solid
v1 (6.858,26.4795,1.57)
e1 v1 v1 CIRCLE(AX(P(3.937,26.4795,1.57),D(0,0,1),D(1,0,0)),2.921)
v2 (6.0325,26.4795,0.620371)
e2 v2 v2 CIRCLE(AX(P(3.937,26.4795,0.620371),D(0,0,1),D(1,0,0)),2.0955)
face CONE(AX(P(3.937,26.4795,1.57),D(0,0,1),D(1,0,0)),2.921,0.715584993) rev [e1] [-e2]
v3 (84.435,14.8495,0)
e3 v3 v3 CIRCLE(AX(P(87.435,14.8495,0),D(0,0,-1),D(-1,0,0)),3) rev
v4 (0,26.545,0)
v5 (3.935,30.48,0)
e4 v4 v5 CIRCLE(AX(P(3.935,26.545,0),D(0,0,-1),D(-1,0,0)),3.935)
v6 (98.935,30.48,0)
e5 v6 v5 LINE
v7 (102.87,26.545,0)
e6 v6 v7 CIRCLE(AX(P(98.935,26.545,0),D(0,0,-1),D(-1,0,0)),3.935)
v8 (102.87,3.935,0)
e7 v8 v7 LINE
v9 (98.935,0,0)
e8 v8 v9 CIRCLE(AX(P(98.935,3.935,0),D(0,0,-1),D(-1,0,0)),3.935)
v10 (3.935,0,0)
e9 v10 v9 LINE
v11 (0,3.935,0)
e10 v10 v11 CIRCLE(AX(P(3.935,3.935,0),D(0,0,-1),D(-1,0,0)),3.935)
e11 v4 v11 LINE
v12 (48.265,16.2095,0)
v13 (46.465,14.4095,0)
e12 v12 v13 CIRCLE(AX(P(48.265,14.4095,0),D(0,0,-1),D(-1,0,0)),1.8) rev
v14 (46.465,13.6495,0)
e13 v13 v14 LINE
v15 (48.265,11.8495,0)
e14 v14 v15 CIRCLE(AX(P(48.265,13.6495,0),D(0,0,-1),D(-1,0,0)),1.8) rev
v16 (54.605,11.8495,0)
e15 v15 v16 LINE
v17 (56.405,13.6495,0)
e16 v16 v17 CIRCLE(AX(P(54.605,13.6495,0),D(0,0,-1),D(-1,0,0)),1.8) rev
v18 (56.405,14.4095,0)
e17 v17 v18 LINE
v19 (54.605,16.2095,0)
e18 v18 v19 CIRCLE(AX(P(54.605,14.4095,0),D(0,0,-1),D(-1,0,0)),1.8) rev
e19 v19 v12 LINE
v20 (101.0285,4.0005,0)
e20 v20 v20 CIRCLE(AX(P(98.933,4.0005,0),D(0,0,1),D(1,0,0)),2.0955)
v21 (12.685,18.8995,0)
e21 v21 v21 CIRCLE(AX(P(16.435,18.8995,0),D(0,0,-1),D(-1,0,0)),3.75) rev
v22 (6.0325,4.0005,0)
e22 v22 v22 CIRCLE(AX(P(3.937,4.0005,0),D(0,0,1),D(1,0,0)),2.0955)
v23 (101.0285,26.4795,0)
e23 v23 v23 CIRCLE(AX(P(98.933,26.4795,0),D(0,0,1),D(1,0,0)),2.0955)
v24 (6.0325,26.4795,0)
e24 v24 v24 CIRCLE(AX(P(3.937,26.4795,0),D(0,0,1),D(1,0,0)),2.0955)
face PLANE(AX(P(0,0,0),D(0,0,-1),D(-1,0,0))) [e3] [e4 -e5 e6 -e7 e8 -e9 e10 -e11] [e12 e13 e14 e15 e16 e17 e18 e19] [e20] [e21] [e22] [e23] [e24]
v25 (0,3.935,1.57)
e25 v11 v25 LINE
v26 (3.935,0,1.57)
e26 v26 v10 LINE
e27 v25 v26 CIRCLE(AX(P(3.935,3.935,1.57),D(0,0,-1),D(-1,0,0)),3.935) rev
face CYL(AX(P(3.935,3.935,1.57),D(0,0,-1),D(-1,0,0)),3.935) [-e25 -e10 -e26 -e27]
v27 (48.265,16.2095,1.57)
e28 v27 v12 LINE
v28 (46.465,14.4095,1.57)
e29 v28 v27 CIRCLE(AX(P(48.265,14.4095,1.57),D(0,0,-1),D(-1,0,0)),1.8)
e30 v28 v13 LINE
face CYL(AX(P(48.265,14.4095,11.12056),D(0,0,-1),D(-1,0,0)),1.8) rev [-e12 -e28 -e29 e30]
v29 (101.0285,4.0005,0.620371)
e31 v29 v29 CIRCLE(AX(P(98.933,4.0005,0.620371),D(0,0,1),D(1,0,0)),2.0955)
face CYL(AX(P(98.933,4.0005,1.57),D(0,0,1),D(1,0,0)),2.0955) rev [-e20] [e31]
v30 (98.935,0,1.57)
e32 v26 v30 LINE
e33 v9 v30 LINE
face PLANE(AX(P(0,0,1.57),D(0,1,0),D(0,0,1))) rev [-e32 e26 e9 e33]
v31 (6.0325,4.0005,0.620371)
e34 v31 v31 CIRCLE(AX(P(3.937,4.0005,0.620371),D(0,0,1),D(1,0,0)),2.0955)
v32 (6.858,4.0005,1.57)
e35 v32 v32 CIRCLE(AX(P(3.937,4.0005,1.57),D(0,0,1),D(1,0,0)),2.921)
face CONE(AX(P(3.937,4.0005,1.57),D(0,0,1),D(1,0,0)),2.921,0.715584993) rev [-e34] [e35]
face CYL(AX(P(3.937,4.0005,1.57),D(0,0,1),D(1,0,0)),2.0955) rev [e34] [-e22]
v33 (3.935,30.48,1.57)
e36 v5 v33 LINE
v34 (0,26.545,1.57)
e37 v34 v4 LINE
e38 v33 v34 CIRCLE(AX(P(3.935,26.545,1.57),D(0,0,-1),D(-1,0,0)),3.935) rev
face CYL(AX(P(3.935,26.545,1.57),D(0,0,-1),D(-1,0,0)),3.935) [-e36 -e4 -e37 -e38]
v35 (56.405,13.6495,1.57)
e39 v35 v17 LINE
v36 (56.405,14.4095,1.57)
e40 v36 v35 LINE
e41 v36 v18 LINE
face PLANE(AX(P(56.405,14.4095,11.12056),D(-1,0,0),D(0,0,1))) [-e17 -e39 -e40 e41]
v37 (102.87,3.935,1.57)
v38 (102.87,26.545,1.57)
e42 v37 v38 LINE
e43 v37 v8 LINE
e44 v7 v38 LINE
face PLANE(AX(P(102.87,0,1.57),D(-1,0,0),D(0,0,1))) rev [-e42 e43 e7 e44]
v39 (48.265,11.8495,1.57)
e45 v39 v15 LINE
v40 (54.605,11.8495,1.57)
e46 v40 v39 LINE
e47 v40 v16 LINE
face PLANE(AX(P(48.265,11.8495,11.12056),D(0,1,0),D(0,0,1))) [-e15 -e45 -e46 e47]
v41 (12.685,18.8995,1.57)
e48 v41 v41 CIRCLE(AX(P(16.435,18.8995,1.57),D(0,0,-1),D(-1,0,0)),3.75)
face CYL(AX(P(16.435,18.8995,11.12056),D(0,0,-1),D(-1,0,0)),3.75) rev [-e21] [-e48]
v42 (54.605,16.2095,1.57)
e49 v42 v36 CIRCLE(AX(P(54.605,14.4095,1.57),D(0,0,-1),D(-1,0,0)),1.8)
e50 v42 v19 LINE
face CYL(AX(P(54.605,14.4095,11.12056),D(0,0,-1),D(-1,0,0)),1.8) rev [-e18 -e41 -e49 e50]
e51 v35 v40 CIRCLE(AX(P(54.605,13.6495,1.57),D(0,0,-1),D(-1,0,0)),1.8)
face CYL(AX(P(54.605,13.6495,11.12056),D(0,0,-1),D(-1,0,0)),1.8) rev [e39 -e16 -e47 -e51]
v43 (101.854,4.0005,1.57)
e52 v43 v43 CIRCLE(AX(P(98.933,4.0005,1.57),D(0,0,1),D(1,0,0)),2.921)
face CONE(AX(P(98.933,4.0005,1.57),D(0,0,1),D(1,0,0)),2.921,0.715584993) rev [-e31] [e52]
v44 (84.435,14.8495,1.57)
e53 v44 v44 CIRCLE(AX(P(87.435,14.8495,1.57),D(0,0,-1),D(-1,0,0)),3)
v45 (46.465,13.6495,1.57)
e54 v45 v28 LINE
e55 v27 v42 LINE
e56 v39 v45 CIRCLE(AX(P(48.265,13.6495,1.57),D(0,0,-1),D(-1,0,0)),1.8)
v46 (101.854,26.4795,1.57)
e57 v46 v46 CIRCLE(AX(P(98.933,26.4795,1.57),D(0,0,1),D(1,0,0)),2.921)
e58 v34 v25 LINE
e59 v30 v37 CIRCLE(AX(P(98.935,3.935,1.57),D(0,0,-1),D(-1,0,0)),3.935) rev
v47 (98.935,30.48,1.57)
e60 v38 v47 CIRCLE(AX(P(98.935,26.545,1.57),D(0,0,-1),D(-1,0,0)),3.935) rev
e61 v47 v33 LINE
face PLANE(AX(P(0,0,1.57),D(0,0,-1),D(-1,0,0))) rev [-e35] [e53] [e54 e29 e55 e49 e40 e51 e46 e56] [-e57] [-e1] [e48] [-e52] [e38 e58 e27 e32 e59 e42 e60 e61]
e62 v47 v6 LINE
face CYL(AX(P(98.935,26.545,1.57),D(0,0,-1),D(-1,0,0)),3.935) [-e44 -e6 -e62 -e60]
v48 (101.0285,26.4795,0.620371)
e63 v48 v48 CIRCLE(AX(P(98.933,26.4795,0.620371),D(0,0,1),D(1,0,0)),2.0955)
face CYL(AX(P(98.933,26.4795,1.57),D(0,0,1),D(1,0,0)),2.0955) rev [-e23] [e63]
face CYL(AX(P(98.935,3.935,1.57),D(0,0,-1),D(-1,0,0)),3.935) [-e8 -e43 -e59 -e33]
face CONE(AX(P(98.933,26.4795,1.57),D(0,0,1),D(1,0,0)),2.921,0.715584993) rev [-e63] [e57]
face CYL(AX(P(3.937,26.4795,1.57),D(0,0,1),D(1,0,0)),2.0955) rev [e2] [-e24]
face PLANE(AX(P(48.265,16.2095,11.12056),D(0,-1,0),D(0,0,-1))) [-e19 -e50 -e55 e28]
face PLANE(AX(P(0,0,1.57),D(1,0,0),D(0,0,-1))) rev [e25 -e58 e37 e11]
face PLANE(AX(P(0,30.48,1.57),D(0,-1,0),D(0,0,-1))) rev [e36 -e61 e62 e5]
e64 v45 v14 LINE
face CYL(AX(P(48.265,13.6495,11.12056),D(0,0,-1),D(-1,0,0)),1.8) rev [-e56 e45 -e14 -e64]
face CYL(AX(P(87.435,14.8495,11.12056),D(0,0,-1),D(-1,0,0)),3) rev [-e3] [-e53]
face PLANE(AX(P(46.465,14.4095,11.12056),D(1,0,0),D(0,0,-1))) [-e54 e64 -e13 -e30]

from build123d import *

# Parameters (mm, degrees)
SKETCH1_W                                     = 102.87
SKETCH1_H                                     = 30.48
BOSS_EXTRUDE1_DEPTH                           = 1.57
FILLET1_R                                     = 3.935
CSK_FOR_6_FLAT_HEAD_MACHINE_SCREW1_AT_2_COUNT = 2
CSK_FOR_6_FLAT_HEAD_MACHINE_SCREW1_AT_2_PITCH = 22.479
CSK_FOR_6_FLAT_HEAD_MACHINE_SCREW1_AT_3_COUNT = 2
CSK_FOR_6_FLAT_HEAD_MACHINE_SCREW1_AT_3_PITCH = 94.996
CSK_FOR_6_FLAT_HEAD_MACHINE_SCREW1_AT_4_COUNT = 2
CSK_FOR_6_FLAT_HEAD_MACHINE_SCREW1_AT_4_PITCH = 97.619390784
DATA_SIDE_R                                   = 3.25
DATA_SIDE_R_2                                 = 2.5
CUT_EXTRUDE9_DEPTH                            = 1.57
MOVE_FACE4_BY                                 = 0.5
MOVE_FACE4_2_BY                               = 0.5
MOVE_FACE4_3_BY                               = 0.5
MOVE_FACE4_4_BY                               = 0.5
MOVE_FACE4_5_BY                               = 0.5
MOVE_FACE4_6_BY                               = 0.5
MOVE_FACE4_7_BY                               = 0.5
MOVE_FACE4_8_BY                               = 0.5
MOVE_FACE4_9_BY                               = 0.5
MOVE_FACE4_10_BY                              = 0.5


with BuildPart() as part:
    # Sketch1 → Boss-Extrude1 (new body)
    with BuildSketch(Plane.XY):
        with Locations((51.435, 15.24)):
            Rectangle(SKETCH1_W, SKETCH1_H)
    extrude(amount=BOSS_EXTRUDE1_DEPTH)

    # Fillet1
    fillet1_edges = [part.edges().sort_by_distance(p)[0] for p in [
        (0, 30.48, 0.785),
        (102.87, 30.48, 0.785),
        (102.87, 0, 0.785),
        (0, 0, 0.785),
    ]]
    fillet(fillet1_edges, radius=FILLET1_R)

    # Sketch4 → CSK for #6 Flat Head Machine Screw1 (revolve, cut)
    with BuildSketch(Plane(origin=(3.937, 26.4795, 1.57), x_dir=(0, -1, 0), z_dir=(1, 0, 0))):
        Polygon((0, 0), (0, 1.57), (2.0955, 1.57), (2.0955, 0.94962912), (2.921, 0), align=None)
    csk_for_6_flat_head_machine_screw1 = revolve(axis=Axis((3.937, 26.4795, 7.92), (0, 0, -1)), mode=Mode.SUBTRACT)

    # CSK for #6 Flat Head Machine Screw1 at 2: CSK for #6 Flat Head Machine Screw1 ×2
    with Locations(*[(0, -i * CSK_FOR_6_FLAT_HEAD_MACHINE_SCREW1_AT_2_PITCH, 0) for i in range(1, CSK_FOR_6_FLAT_HEAD_MACHINE_SCREW1_AT_2_COUNT)]):
        add(csk_for_6_flat_head_machine_screw1, mode=Mode.SUBTRACT)

    # CSK for #6 Flat Head Machine Screw1 at 3: CSK for #6 Flat Head Machine Screw1 ×2
    with Locations(*[(i * CSK_FOR_6_FLAT_HEAD_MACHINE_SCREW1_AT_3_PITCH, 0, 0) for i in range(1, CSK_FOR_6_FLAT_HEAD_MACHINE_SCREW1_AT_3_COUNT)]):
        add(csk_for_6_flat_head_machine_screw1, mode=Mode.SUBTRACT)

    # CSK for #6 Flat Head Machine Screw1 at 4: CSK for #6 Flat Head Machine Screw1 ×2
    with Locations(*[Vector(0.9731263352215668, -0.23027187344146696, 0) * (i * CSK_FOR_6_FLAT_HEAD_MACHINE_SCREW1_AT_4_PITCH) for i in range(1, CSK_FOR_6_FLAT_HEAD_MACHINE_SCREW1_AT_4_COUNT)]):
        add(csk_for_6_flat_head_machine_screw1, mode=Mode.SUBTRACT)

    # data side → Cut-Extrude9 (cut)
    with BuildSketch(Plane.XY):
        with Locations(Location((16.435, 18.8995, 0), (0, 0, 180))):
            Circle(DATA_SIDE_R)
        with Locations(Location((87.435, 14.8495, 0), (0, 0, 180))):
            Circle(DATA_SIDE_R_2)
        with BuildLine():
            Line((48.265, 15.7095), (54.605, 15.7095))
            ThreePointArc((54.605, 15.7095), (55.524238816, 15.328738816), (55.905, 14.4095))
            Line((55.905, 14.4095), (55.905, 13.6495))
            ThreePointArc((55.905, 13.6495), (55.524238816, 12.730261184), (54.605, 12.3495))
            Line((54.605, 12.3495), (48.265, 12.3495))
            ThreePointArc((48.265, 12.3495), (47.345761184, 12.730261184), (46.965, 13.6495))
            Line((46.965, 13.6495), (46.965, 14.4095))
            ThreePointArc((46.965, 14.4095), (47.345761184, 15.328738816), (48.265, 15.7095))
        make_face()
    extrude(amount=CUT_EXTRUDE9_DEPTH, mode=Mode.SUBTRACT)

    # Move Face4: a curved face moved inward by 0.5
    add(Solid.thicken(part.faces().sort_by_distance((89.935, 14.8495, 0.785))[0], -MOVE_FACE4_BY), mode=Mode.SUBTRACT)

    # Move Face4 2: a curved face moved inward by 0.5
    add(Solid.thicken(part.faces().sort_by_distance((19.685, 18.8995, 0.785))[0], -MOVE_FACE4_2_BY), mode=Mode.SUBTRACT)

    # Move Face4 3: a curved face moved inward by 0.5
    add(Solid.thicken(part.faces().sort_by_distance((55.524238816, 12.730261184, 0.785))[0], -MOVE_FACE4_3_BY), mode=Mode.SUBTRACT)

    # Move Face4 4: a curved face moved inward by 0.5
    add(Solid.thicken(part.faces().sort_by_distance((55.524238816, 15.328738816, 0.785))[0], -MOVE_FACE4_4_BY), mode=Mode.SUBTRACT)

    # Move Face4 5: a face moved inward by 0.5
    extrude(part.faces().sort_by_distance((55.905, 14.0295, 0.785))[0], amount=MOVE_FACE4_5_BY, dir=(1, 0, 0), mode=Mode.SUBTRACT)

    # Move Face4 6: a face moved inward by 0.5
    extrude(part.faces().sort_by_distance((51.435, 12.3495, 0.785))[0], amount=MOVE_FACE4_6_BY, dir=(0, -1, 0), mode=Mode.SUBTRACT)

    # Move Face4 7: a curved face moved inward by 0.5
    add(Solid.thicken(part.faces().sort_by_distance((47.345761184, 12.730261184, 0.785))[0], -MOVE_FACE4_7_BY), mode=Mode.SUBTRACT)

    # Move Face4 8: a face moved inward by 0.5
    extrude(part.faces().sort_by_distance((46.965, 14.0295, 0.785))[0], amount=MOVE_FACE4_8_BY, dir=(-1, 0, 0), mode=Mode.SUBTRACT)

    # Move Face4 9: a face moved inward by 0.5
    extrude(part.faces().sort_by_distance((51.435, 15.7095, 0.785))[0], amount=MOVE_FACE4_9_BY, dir=(0, 1, 0), mode=Mode.SUBTRACT)

    # Move Face4 10: a curved face moved inward by 0.5
    add(Solid.thicken(part.faces().sort_by_distance((47.345761184, 15.328738816, 0.785))[0], -MOVE_FACE4_10_BY), mode=Mode.SUBTRACT)


solid = part.part
